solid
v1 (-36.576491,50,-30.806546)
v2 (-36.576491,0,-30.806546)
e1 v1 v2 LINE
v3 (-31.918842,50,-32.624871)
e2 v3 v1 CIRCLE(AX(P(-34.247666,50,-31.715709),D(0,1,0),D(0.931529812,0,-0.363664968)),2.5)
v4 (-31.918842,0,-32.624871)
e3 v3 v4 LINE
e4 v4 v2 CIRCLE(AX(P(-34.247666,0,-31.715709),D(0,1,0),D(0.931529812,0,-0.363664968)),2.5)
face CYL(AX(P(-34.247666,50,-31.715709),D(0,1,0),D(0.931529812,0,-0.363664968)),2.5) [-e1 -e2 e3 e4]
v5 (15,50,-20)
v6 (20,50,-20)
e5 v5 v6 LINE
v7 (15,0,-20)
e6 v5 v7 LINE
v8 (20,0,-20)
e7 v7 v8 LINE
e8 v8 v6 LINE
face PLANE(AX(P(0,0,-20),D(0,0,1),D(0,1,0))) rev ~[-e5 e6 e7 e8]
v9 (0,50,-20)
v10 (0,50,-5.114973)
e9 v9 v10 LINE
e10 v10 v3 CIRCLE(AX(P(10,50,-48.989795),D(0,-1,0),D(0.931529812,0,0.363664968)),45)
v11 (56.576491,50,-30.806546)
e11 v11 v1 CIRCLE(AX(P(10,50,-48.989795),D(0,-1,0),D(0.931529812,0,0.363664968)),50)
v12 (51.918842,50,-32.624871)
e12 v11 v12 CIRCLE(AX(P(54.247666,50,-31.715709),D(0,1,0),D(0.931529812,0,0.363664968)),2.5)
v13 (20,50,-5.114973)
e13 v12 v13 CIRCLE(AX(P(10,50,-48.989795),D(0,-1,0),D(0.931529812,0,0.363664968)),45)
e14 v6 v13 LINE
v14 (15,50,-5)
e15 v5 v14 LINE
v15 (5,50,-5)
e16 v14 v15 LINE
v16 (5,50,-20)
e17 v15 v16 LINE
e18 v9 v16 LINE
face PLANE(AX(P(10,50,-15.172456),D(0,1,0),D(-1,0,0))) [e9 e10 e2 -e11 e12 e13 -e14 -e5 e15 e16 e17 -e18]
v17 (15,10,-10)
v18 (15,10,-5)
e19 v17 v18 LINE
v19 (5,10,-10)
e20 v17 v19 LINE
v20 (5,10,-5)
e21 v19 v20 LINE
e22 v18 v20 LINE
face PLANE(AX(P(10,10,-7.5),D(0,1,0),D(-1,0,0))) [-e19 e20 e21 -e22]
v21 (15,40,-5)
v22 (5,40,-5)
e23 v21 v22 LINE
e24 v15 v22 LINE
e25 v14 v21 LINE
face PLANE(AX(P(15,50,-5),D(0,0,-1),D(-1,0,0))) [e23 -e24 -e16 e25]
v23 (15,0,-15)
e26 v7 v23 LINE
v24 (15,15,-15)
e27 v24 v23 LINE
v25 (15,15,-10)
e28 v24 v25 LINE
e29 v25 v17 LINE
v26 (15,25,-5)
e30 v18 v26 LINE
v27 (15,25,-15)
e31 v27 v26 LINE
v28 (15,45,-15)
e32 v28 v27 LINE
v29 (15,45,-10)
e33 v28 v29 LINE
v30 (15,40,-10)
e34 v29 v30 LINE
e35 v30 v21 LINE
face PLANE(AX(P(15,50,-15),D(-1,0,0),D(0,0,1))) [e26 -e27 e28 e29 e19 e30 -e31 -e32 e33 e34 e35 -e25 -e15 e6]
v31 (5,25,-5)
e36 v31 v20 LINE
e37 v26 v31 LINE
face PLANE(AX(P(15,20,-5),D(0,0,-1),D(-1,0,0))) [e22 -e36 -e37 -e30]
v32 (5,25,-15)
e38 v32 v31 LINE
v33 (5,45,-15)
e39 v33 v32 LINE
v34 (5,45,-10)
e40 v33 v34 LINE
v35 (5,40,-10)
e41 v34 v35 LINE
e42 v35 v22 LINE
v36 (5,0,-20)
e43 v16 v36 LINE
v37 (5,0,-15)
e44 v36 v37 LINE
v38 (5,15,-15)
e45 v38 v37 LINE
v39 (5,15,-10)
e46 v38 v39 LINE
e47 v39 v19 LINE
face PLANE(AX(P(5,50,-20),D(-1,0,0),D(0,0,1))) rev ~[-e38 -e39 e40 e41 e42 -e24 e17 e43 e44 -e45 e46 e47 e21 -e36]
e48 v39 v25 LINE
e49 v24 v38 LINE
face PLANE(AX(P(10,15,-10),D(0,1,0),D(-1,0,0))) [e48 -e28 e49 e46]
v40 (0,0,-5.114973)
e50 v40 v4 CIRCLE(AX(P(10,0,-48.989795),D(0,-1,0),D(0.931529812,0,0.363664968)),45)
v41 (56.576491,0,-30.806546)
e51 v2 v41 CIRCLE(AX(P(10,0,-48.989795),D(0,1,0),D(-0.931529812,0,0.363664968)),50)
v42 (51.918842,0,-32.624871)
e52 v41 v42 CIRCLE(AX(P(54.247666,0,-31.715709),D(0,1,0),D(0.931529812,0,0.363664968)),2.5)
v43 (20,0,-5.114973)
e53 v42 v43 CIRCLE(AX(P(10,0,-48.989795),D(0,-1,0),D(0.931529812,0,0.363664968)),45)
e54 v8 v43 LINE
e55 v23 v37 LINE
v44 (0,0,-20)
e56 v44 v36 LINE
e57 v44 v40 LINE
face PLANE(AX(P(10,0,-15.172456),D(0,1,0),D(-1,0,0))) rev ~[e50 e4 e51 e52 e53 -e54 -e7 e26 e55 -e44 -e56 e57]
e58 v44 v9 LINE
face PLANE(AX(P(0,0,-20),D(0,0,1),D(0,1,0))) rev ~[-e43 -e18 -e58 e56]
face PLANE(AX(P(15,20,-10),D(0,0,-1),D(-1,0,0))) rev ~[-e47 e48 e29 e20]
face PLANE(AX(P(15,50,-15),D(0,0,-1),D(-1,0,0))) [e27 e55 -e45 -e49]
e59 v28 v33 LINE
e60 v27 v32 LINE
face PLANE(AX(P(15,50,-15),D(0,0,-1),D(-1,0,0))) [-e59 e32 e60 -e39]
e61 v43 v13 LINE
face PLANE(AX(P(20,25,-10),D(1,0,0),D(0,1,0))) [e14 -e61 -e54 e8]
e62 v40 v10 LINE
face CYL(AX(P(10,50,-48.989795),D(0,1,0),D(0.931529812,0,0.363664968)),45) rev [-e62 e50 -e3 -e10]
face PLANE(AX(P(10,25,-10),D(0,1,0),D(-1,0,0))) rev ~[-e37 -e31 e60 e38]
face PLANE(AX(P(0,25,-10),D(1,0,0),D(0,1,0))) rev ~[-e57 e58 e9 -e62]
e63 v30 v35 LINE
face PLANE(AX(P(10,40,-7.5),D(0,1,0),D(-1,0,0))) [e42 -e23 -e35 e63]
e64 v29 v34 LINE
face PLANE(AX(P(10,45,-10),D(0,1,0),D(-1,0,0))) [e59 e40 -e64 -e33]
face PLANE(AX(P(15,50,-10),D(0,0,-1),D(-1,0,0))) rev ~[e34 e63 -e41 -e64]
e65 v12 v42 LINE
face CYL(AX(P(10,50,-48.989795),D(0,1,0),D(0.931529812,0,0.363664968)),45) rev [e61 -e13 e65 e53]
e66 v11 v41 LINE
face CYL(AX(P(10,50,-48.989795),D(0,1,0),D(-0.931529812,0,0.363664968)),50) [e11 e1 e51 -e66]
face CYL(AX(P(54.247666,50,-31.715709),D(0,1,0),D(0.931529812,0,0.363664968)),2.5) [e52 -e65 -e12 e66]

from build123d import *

# Parameters (mm, degrees)
F0_W      = 50
F0_H      = 20
F1_DEPTH  = 20
F4_DEPTH  = 50
F5_W      = 10
F5_H      = 10
F6_DEPTH  = 5
F7_W      = 10
F7_H      = 5
F8_DEPTH  = 10
F9_W      = 10
F9_H      = 5
F10_DEPTH = 50
F12_W     = 10
F12_H     = 5
F13_DEPTH = 10
F14_W     = 10
F14_H     = 10
F15_DEPTH = 5
F16_W     = 10
F16_H     = 10
F17_DEPTH = 5


with BuildPart() as f1:
    # F0 (on Right) → F1 (new body)
    with BuildSketch(Plane.YZ):
        with Locations((25, -10)):
            Rectangle(F0_W, F0_H)
    extrude(amount=F1_DEPTH)

    # F3 (on offset) → F4 (join)
    with BuildSketch(Plane(origin=(0, 50, 0), x_dir=(-1, 0, 0), z_dir=(0, 1, 0))):
        with BuildLine():
            ThreePointArc((31.9188415439, -32.6248712805), (35.1568284949, -34.0445333899), (36.5764906043, -30.8065464388))
            ThreePointArc((36.5764906043, -30.8065464388), (-10, 1.0102051443), (-56.5764906043, -30.8065464388))
            ThreePointArc((-56.5764906043, -30.8065464388), (-55.1568284949, -34.0445333899), (-51.9188415439, -32.6248712805))
            ThreePointArc((-51.9188415439, -32.6248712805), (-10, -3.9897948557), (31.9188415439, -32.6248712805))
        make_face()
    extrude(amount=-F4_DEPTH)

    # F5 (on offset) → F6 (cut)
    with BuildSketch(Plane(origin=(0, 50, 0), x_dir=(-1, 0, 0), z_dir=(0, 1, 0))):
        with Locations((-10, -10)):
            Rectangle(F5_W, F5_H)
    extrude(amount=-F6_DEPTH, mode=Mode.SUBTRACT)

    # F7 (on offset) → F8 (cut)
    with BuildSketch(Plane(origin=(0, 50, 0), x_dir=(-1, 0, 0), z_dir=(0, 1, 0))):
        with Locations((-10, -7.5)):
            Rectangle(F7_W, F7_H)
    extrude(amount=-F8_DEPTH, mode=Mode.SUBTRACT)

    # F9 (on offset) → F10 (cut)
    with BuildSketch(Plane(origin=(0, 50, 0), x_dir=(-1, 0, 0), z_dir=(0, 1, 0))):
        with Locations((-10, -17.5)):
            Rectangle(F9_W, F9_H)
    extrude(amount=-F10_DEPTH, mode=Mode.SUBTRACT)

    # F12 (on offset) → F13 (cut)
    with BuildSketch(Plane(origin=(0, 20, 0), x_dir=(-1, 0, 0), z_dir=(0, 1, 0))):
        with Locations((-10, -7.5)):
            Rectangle(F12_W, F12_H)
    extrude(amount=-F13_DEPTH, mode=Mode.SUBTRACT)

    # F14 (on offset) → F15 (cut)
    with BuildSketch(Plane(origin=(0, 20, 0), x_dir=(-1, 0, 0), z_dir=(0, 1, 0))):
        with Locations((-10, -10)):
            Rectangle(F14_W, F14_H)
    extrude(amount=-F15_DEPTH, mode=Mode.SUBTRACT)

    # F16 (on offset) → F17 (cut)
    with BuildSketch(Plane(origin=(0, 20, 0), x_dir=(-1, 0, 0), z_dir=(0, 1, 0))):
        with Locations((-10, -10)):
            Rectangle(F16_W, F16_H)
    extrude(amount=F17_DEPTH, mode=Mode.SUBTRACT)


solid = f1.part
